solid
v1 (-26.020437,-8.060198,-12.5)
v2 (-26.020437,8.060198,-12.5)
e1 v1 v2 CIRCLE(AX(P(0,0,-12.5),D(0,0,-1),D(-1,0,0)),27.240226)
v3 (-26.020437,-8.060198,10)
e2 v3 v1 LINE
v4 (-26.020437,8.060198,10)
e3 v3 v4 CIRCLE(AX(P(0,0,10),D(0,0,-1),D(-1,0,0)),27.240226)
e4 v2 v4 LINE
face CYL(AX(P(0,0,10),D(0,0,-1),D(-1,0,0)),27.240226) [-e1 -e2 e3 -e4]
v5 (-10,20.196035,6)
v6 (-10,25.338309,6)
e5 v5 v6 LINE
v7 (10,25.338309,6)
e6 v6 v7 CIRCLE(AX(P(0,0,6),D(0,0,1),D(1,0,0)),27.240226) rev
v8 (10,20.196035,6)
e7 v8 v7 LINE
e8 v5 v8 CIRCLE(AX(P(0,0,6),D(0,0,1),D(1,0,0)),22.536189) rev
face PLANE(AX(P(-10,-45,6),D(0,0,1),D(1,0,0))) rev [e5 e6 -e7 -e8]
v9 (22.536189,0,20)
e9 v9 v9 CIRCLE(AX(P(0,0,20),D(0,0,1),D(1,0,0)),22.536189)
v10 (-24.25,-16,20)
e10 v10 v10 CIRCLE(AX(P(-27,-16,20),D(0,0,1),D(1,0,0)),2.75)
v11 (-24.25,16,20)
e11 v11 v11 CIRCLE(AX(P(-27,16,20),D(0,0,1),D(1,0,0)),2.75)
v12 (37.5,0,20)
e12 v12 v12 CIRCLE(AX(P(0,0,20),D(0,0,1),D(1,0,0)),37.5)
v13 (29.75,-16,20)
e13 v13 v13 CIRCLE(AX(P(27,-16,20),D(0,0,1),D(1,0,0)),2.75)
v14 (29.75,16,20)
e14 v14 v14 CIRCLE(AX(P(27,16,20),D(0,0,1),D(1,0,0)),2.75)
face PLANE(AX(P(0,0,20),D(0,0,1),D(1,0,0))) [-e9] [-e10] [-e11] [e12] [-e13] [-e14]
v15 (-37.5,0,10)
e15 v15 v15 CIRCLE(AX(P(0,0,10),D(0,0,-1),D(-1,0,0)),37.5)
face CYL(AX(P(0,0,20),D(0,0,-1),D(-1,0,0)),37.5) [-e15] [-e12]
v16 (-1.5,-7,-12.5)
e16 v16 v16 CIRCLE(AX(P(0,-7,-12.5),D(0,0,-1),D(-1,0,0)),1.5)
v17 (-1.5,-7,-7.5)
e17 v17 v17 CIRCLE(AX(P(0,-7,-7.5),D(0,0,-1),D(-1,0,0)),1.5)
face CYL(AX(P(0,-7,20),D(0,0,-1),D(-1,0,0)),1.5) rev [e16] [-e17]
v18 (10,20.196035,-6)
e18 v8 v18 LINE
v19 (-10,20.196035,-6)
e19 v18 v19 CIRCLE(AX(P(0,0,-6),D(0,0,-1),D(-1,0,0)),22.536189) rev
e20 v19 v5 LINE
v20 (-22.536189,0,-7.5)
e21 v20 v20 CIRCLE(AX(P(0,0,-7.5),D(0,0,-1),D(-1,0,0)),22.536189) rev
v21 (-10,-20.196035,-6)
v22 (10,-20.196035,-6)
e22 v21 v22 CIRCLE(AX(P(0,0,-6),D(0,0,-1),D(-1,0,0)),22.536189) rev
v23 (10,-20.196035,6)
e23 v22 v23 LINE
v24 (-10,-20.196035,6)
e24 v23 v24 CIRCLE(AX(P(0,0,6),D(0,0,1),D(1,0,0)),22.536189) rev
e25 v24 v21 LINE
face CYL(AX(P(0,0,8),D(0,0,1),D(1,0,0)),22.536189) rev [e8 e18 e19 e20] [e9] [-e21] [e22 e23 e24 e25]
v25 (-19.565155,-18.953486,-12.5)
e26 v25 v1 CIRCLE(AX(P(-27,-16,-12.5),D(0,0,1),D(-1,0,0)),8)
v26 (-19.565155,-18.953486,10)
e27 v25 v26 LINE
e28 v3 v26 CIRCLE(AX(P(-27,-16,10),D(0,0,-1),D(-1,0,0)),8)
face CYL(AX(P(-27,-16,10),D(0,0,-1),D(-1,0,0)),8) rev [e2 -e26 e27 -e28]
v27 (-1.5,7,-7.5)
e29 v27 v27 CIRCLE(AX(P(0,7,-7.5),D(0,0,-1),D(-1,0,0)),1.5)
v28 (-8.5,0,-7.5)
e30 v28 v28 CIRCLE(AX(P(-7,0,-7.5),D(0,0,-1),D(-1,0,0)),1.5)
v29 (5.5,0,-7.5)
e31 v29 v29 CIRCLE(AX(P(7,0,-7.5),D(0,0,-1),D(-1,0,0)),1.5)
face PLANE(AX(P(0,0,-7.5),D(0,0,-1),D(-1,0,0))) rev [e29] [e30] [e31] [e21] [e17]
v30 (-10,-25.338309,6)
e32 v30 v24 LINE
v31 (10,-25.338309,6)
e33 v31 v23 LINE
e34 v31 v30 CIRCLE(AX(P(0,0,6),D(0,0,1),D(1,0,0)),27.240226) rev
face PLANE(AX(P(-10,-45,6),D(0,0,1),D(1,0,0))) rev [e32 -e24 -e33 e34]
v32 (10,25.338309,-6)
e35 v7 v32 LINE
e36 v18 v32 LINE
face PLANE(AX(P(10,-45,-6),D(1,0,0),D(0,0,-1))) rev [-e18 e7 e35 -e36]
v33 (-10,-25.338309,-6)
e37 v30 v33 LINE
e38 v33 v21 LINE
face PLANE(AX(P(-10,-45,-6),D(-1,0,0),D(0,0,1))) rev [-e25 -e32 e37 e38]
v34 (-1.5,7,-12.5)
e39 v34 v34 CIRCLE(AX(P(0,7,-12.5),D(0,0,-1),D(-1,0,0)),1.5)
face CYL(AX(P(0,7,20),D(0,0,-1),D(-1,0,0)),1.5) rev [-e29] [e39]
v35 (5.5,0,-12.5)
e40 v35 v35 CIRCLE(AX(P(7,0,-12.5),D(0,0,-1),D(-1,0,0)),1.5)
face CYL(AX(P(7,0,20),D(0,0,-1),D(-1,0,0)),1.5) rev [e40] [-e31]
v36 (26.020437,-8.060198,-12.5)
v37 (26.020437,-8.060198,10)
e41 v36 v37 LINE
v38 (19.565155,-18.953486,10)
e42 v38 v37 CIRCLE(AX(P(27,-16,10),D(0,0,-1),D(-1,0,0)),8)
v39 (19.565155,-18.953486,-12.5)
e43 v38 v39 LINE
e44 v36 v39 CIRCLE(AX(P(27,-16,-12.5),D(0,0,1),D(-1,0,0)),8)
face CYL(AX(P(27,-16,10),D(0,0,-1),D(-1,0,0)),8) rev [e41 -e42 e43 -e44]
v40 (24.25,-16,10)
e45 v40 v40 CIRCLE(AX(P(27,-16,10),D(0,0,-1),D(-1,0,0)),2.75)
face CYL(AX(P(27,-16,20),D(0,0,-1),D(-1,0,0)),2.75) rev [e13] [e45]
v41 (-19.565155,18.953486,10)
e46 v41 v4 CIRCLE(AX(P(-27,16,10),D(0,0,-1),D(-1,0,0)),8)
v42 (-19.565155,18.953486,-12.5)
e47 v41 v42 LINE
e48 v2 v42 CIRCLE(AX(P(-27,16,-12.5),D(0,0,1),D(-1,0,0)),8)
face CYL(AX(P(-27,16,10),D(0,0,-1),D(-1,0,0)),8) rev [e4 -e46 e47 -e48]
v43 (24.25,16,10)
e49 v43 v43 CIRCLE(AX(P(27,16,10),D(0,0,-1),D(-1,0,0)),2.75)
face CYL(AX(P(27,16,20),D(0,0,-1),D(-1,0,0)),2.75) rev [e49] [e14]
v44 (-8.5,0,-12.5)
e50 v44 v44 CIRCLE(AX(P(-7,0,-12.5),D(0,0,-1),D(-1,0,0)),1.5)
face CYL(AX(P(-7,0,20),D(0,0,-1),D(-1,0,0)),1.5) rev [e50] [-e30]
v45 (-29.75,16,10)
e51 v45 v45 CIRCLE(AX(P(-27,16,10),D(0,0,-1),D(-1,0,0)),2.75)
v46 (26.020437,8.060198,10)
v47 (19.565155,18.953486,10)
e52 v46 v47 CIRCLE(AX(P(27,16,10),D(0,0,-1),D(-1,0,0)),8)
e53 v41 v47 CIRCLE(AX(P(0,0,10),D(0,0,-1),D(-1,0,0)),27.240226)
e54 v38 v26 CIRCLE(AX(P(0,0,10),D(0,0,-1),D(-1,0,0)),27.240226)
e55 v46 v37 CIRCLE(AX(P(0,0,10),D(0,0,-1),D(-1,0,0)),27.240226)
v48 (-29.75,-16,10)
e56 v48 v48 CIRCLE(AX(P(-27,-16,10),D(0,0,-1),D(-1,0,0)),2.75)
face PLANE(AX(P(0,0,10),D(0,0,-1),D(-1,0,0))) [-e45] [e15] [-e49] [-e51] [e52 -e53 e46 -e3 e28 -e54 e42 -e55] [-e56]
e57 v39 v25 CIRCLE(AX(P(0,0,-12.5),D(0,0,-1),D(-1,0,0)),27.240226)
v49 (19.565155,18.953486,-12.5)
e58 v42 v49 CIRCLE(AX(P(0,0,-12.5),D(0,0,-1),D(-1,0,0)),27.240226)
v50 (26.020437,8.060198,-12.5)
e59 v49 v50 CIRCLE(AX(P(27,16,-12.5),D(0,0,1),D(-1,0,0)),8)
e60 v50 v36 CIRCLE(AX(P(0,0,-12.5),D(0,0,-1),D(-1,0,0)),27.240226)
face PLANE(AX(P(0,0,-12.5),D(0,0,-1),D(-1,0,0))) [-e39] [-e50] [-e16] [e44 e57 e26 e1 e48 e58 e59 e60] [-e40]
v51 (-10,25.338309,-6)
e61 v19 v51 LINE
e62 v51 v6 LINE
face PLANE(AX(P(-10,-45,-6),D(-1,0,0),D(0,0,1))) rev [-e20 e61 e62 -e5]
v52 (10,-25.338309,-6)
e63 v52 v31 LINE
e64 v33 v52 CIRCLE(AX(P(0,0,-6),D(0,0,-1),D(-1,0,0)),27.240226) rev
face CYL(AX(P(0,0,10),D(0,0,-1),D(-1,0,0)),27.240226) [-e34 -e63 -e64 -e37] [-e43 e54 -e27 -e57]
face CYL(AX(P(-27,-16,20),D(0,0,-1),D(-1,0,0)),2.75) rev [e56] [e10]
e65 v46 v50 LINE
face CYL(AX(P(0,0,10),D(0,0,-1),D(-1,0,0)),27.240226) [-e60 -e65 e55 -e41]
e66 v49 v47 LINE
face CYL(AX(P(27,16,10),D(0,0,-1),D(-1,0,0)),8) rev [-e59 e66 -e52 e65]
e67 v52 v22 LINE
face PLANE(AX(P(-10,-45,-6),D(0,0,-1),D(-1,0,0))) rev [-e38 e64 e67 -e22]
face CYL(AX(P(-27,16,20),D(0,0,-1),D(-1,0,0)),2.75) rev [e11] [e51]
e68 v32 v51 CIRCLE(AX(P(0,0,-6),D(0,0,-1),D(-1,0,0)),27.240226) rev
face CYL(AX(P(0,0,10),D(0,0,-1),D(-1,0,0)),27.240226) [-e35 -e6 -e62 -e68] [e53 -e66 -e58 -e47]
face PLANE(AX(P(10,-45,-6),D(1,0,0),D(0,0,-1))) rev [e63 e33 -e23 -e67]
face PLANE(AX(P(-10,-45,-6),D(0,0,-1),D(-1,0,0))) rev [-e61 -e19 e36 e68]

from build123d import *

# Parameters (mm, degrees)
SKETCH_1_R               = 37.5
SKETCH_1_R_2             = 2.75
EXTRUDE_1_DEPTH          = 20
SKETCH_2_R               = 22.536189363
CUT_EXTRUDE_1_DEPTH      = 12
SKETCH_8_R               = 37.5
SKETCH_8_R_2             = 27.240226037
CUT_EXTRUDE_4_DEPTH      = 10
SKETCH_9_R               = 8
CUT_EXTRUDE_5_DEPTH      = 10
EXTRUDE_2_DEPTH          = 10
SKETCH_11_R              = 45
EXTRUDE_3_DEPTH          = 5
SKETCH_13_R              = 1.5
CUT_EXTRUDE_6_DEPTH      = 10
SKETCH_14_R              = 22.536189363
CUT_EXTRUDE_7_DEPTH      = 24
SKETCH_15_W              = 20
SKETCH_15_H              = 12
CUT_EXTRUDE_8_DEPTH      = 46
CUT_EXTRUDE_8_DEPTH_BACK = 46
SKETCH_17_R              = 45
CUT_EXTRUDE_11_DEPTH     = 10
SKETCH_19_R              = 22.536189363
EXTRUDE_4_DEPTH          = 2.5
EXTRUDE_4_DEPTH_BACK     = 2.5
SKETCH_21_R              = 1.5
CUT_EXTRUDE_12_DEPTH     = 33.5
SKETCH_22_R              = 22.536189363
EXTRUDE_6_DEPTH          = 2.5


with BuildPart() as part:
    # 草图1 → 凸台-拉伸1 (new body)
    with BuildSketch(Plane.XY):
        Circle(SKETCH_1_R)
        with Locations((-27, 16)):
            Circle(SKETCH_1_R_2, mode=Mode.SUBTRACT)
        with Locations((27, 16)):
            Circle(SKETCH_1_R_2, mode=Mode.SUBTRACT)
        with Locations((-27, -16)):
            Circle(SKETCH_1_R_2, mode=Mode.SUBTRACT)
        with Locations((27, -16)):
            Circle(SKETCH_1_R_2, mode=Mode.SUBTRACT)
    extrude(amount=EXTRUDE_1_DEPTH)

    # 草图2 → 切除-拉伸1 (cut)
    with BuildSketch(Plane.XY.offset(20)):
        Circle(SKETCH_2_R)
    extrude(amount=-CUT_EXTRUDE_1_DEPTH, mode=Mode.SUBTRACT)

    # 草图8 → 切除-拉伸4 (cut)
    with BuildSketch(Plane(origin=(0, 0, 0), x_dir=(-1, 0, 0), z_dir=(0, 0, -1))):
        Circle(SKETCH_8_R)
        Circle(SKETCH_8_R_2, mode=Mode.SUBTRACT)
    extrude(amount=-CUT_EXTRUDE_4_DEPTH, mode=Mode.SUBTRACT)

    # 草图9 → 切除-拉伸5 (cut)
    with BuildSketch(Plane(origin=(0, 0, 0), x_dir=(-1, 0, 0), z_dir=(0, 0, -1))):
        with Locations((-27, 16)):
            Circle(SKETCH_9_R)
        with Locations((27, 16)):
            Circle(SKETCH_9_R)
        with Locations((-27, -16)):
            Circle(SKETCH_9_R)
        with Locations((27, -16)):
            Circle(SKETCH_9_R)
    extrude(amount=-CUT_EXTRUDE_5_DEPTH, mode=Mode.SUBTRACT)

    # 草图10 → 凸台-拉伸2 (add)
    with BuildSketch(Plane(origin=(0, 0, 0), x_dir=(-1, 0, 0), z_dir=(0, 0, -1))):
        with BuildLine():
            ThreePointArc((-19.565154934, -18.95348588), (0, -27.240226037), (19.565154934, -18.95348588))
            ThreePointArc((19.565154934, -18.95348588), (20.117667731, -11.921580878), (26.020436633, -8.060198012))
            ThreePointArc((26.020436633, -8.060198012), (27.240226037, 0), (26.020436633, 8.060198012))
            ThreePointArc((26.020436633, 8.060198012), (20.117667731, 11.921580878), (19.565154934, 18.95348588))
            ThreePointArc((19.565154934, 18.95348588), (0, 27.240226037), (-19.565154934, 18.95348588))
            ThreePointArc((-19.565154934, 18.95348588), (-20.117667731, 11.921580878), (-26.020436633, 8.060198012))
            ThreePointArc((-26.020436633, 8.060198012), (-27.240226037, 0), (-26.020436633, -8.060198012))
            ThreePointArc((-26.020436633, -8.060198012), (-20.117667731, -11.921580878), (-19.565154934, -18.95348588))
        make_face()
    extrude(amount=EXTRUDE_2_DEPTH)

    # 草图11 → 凸台-拉伸3 (add)
    with BuildSketch(Plane(origin=(0, 0, -10), x_dir=(-1, 0, 0), z_dir=(0, 0, -1))):
        Circle(SKETCH_11_R)
    extrude(amount=EXTRUDE_3_DEPTH)

    # 草图13 → 切除-拉伸6 (cut)
    with BuildSketch(Plane(origin=(0, 0, -15), x_dir=(-1, 0, 0), z_dir=(0, 0, -1))):
        with Locations((0, 36.415999231)):
            Circle(SKETCH_13_R)
        with Locations((-36.415999231, 0)):
            Circle(SKETCH_13_R)
        with Locations((0, -36.415999231)):
            Circle(SKETCH_13_R)
        with Locations((36.415999231, 0)):
            Circle(SKETCH_13_R)
    extrude(amount=-CUT_EXTRUDE_6_DEPTH, mode=Mode.SUBTRACT)

    # 草图14 → 切除-拉伸7 (cut, through all)
    with BuildSketch(Plane.XY.offset(8)):
        Circle(SKETCH_14_R)
    extrude(amount=-CUT_EXTRUDE_7_DEPTH, mode=Mode.SUBTRACT)

    # 草图15 → 切除-拉伸8 (cut, two sides)
    with BuildSketch(Plane(origin=(0, 0, 0), x_dir=(1, 0, 0), z_dir=(0, 1, 0))) as cut_extrude_8_sk:
        Rectangle(SKETCH_15_W, SKETCH_15_H)
    extrude(amount=CUT_EXTRUDE_8_DEPTH, mode=Mode.SUBTRACT)
    extrude(cut_extrude_8_sk.sketch, amount=-CUT_EXTRUDE_8_DEPTH_BACK, mode=Mode.SUBTRACT)

    # 草图17 → 切除-拉伸11 (cut)
    with BuildSketch(Plane.XY.offset(-10)):
        Circle(SKETCH_17_R)
    extrude(amount=-CUT_EXTRUDE_11_DEPTH, mode=Mode.SUBTRACT)

    # 草图19 → 凸台-拉伸4 (add, two sides)
    with BuildSketch(Plane(origin=(0, 0, -10), x_dir=(-1, 0, 0), z_dir=(0, 0, -1))) as extrude_4_sk:
        Circle(SKETCH_19_R)
    extrude(amount=EXTRUDE_4_DEPTH)
    extrude(extrude_4_sk.sketch, amount=-EXTRUDE_4_DEPTH_BACK)

    # 草图21 → 切除-拉伸12 (cut, through all)
    with BuildSketch(Plane(origin=(0, 0, -12.5), x_dir=(-1, 0, 0), z_dir=(0, 0, -1))):
        with Locations((0, 7)):
            Circle(SKETCH_21_R)
        with Locations((-7, 0)):
            Circle(SKETCH_21_R)
        with Locations((7, 0)):
            Circle(SKETCH_21_R)
        with Locations((0, -7)):
            Circle(SKETCH_21_R)
    extrude(amount=-CUT_EXTRUDE_12_DEPTH, mode=Mode.SUBTRACT)

    # 草图22 → 凸台-拉伸6 (add)
    with BuildSketch(Plane(origin=(0, 0, -10), x_dir=(-1, 0, 0), z_dir=(0, 0, -1))):
        with BuildLine():
            ThreePointArc((-26.020436633, 8.060198012), (-27.240226037, 0), (-26.020436633, -8.060198012))
            ThreePointArc((-26.020436633, -8.060198012), (-20.117667731, -11.921580878), (-19.565154934, -18.95348588))
            ThreePointArc((-19.565154934, -18.95348588), (0, -27.240226037), (19.565154934, -18.95348588))
            ThreePointArc((19.565154934, -18.95348588), (20.117667731, -11.921580878), (26.020436633, -8.060198012))
            ThreePointArc((26.020436633, -8.060198012), (27.240226037, 0), (26.020436633, 8.060198012))
            ThreePointArc((26.020436633, 8.060198012), (20.117667731, 11.921580878), (19.565154934, 18.95348588))
            ThreePointArc((19.565154934, 18.95348588), (0, 27.240226037), (-19.565154934, 18.95348588))
            ThreePointArc((-19.565154934, 18.95348588), (-20.117667731, 11.921580878), (-26.020436633, 8.060198012))
        make_face()
        Circle(SKETCH_22_R, mode=Mode.SUBTRACT)
    extrude(amount=EXTRUDE_6_DEPTH)


solid = part.part
